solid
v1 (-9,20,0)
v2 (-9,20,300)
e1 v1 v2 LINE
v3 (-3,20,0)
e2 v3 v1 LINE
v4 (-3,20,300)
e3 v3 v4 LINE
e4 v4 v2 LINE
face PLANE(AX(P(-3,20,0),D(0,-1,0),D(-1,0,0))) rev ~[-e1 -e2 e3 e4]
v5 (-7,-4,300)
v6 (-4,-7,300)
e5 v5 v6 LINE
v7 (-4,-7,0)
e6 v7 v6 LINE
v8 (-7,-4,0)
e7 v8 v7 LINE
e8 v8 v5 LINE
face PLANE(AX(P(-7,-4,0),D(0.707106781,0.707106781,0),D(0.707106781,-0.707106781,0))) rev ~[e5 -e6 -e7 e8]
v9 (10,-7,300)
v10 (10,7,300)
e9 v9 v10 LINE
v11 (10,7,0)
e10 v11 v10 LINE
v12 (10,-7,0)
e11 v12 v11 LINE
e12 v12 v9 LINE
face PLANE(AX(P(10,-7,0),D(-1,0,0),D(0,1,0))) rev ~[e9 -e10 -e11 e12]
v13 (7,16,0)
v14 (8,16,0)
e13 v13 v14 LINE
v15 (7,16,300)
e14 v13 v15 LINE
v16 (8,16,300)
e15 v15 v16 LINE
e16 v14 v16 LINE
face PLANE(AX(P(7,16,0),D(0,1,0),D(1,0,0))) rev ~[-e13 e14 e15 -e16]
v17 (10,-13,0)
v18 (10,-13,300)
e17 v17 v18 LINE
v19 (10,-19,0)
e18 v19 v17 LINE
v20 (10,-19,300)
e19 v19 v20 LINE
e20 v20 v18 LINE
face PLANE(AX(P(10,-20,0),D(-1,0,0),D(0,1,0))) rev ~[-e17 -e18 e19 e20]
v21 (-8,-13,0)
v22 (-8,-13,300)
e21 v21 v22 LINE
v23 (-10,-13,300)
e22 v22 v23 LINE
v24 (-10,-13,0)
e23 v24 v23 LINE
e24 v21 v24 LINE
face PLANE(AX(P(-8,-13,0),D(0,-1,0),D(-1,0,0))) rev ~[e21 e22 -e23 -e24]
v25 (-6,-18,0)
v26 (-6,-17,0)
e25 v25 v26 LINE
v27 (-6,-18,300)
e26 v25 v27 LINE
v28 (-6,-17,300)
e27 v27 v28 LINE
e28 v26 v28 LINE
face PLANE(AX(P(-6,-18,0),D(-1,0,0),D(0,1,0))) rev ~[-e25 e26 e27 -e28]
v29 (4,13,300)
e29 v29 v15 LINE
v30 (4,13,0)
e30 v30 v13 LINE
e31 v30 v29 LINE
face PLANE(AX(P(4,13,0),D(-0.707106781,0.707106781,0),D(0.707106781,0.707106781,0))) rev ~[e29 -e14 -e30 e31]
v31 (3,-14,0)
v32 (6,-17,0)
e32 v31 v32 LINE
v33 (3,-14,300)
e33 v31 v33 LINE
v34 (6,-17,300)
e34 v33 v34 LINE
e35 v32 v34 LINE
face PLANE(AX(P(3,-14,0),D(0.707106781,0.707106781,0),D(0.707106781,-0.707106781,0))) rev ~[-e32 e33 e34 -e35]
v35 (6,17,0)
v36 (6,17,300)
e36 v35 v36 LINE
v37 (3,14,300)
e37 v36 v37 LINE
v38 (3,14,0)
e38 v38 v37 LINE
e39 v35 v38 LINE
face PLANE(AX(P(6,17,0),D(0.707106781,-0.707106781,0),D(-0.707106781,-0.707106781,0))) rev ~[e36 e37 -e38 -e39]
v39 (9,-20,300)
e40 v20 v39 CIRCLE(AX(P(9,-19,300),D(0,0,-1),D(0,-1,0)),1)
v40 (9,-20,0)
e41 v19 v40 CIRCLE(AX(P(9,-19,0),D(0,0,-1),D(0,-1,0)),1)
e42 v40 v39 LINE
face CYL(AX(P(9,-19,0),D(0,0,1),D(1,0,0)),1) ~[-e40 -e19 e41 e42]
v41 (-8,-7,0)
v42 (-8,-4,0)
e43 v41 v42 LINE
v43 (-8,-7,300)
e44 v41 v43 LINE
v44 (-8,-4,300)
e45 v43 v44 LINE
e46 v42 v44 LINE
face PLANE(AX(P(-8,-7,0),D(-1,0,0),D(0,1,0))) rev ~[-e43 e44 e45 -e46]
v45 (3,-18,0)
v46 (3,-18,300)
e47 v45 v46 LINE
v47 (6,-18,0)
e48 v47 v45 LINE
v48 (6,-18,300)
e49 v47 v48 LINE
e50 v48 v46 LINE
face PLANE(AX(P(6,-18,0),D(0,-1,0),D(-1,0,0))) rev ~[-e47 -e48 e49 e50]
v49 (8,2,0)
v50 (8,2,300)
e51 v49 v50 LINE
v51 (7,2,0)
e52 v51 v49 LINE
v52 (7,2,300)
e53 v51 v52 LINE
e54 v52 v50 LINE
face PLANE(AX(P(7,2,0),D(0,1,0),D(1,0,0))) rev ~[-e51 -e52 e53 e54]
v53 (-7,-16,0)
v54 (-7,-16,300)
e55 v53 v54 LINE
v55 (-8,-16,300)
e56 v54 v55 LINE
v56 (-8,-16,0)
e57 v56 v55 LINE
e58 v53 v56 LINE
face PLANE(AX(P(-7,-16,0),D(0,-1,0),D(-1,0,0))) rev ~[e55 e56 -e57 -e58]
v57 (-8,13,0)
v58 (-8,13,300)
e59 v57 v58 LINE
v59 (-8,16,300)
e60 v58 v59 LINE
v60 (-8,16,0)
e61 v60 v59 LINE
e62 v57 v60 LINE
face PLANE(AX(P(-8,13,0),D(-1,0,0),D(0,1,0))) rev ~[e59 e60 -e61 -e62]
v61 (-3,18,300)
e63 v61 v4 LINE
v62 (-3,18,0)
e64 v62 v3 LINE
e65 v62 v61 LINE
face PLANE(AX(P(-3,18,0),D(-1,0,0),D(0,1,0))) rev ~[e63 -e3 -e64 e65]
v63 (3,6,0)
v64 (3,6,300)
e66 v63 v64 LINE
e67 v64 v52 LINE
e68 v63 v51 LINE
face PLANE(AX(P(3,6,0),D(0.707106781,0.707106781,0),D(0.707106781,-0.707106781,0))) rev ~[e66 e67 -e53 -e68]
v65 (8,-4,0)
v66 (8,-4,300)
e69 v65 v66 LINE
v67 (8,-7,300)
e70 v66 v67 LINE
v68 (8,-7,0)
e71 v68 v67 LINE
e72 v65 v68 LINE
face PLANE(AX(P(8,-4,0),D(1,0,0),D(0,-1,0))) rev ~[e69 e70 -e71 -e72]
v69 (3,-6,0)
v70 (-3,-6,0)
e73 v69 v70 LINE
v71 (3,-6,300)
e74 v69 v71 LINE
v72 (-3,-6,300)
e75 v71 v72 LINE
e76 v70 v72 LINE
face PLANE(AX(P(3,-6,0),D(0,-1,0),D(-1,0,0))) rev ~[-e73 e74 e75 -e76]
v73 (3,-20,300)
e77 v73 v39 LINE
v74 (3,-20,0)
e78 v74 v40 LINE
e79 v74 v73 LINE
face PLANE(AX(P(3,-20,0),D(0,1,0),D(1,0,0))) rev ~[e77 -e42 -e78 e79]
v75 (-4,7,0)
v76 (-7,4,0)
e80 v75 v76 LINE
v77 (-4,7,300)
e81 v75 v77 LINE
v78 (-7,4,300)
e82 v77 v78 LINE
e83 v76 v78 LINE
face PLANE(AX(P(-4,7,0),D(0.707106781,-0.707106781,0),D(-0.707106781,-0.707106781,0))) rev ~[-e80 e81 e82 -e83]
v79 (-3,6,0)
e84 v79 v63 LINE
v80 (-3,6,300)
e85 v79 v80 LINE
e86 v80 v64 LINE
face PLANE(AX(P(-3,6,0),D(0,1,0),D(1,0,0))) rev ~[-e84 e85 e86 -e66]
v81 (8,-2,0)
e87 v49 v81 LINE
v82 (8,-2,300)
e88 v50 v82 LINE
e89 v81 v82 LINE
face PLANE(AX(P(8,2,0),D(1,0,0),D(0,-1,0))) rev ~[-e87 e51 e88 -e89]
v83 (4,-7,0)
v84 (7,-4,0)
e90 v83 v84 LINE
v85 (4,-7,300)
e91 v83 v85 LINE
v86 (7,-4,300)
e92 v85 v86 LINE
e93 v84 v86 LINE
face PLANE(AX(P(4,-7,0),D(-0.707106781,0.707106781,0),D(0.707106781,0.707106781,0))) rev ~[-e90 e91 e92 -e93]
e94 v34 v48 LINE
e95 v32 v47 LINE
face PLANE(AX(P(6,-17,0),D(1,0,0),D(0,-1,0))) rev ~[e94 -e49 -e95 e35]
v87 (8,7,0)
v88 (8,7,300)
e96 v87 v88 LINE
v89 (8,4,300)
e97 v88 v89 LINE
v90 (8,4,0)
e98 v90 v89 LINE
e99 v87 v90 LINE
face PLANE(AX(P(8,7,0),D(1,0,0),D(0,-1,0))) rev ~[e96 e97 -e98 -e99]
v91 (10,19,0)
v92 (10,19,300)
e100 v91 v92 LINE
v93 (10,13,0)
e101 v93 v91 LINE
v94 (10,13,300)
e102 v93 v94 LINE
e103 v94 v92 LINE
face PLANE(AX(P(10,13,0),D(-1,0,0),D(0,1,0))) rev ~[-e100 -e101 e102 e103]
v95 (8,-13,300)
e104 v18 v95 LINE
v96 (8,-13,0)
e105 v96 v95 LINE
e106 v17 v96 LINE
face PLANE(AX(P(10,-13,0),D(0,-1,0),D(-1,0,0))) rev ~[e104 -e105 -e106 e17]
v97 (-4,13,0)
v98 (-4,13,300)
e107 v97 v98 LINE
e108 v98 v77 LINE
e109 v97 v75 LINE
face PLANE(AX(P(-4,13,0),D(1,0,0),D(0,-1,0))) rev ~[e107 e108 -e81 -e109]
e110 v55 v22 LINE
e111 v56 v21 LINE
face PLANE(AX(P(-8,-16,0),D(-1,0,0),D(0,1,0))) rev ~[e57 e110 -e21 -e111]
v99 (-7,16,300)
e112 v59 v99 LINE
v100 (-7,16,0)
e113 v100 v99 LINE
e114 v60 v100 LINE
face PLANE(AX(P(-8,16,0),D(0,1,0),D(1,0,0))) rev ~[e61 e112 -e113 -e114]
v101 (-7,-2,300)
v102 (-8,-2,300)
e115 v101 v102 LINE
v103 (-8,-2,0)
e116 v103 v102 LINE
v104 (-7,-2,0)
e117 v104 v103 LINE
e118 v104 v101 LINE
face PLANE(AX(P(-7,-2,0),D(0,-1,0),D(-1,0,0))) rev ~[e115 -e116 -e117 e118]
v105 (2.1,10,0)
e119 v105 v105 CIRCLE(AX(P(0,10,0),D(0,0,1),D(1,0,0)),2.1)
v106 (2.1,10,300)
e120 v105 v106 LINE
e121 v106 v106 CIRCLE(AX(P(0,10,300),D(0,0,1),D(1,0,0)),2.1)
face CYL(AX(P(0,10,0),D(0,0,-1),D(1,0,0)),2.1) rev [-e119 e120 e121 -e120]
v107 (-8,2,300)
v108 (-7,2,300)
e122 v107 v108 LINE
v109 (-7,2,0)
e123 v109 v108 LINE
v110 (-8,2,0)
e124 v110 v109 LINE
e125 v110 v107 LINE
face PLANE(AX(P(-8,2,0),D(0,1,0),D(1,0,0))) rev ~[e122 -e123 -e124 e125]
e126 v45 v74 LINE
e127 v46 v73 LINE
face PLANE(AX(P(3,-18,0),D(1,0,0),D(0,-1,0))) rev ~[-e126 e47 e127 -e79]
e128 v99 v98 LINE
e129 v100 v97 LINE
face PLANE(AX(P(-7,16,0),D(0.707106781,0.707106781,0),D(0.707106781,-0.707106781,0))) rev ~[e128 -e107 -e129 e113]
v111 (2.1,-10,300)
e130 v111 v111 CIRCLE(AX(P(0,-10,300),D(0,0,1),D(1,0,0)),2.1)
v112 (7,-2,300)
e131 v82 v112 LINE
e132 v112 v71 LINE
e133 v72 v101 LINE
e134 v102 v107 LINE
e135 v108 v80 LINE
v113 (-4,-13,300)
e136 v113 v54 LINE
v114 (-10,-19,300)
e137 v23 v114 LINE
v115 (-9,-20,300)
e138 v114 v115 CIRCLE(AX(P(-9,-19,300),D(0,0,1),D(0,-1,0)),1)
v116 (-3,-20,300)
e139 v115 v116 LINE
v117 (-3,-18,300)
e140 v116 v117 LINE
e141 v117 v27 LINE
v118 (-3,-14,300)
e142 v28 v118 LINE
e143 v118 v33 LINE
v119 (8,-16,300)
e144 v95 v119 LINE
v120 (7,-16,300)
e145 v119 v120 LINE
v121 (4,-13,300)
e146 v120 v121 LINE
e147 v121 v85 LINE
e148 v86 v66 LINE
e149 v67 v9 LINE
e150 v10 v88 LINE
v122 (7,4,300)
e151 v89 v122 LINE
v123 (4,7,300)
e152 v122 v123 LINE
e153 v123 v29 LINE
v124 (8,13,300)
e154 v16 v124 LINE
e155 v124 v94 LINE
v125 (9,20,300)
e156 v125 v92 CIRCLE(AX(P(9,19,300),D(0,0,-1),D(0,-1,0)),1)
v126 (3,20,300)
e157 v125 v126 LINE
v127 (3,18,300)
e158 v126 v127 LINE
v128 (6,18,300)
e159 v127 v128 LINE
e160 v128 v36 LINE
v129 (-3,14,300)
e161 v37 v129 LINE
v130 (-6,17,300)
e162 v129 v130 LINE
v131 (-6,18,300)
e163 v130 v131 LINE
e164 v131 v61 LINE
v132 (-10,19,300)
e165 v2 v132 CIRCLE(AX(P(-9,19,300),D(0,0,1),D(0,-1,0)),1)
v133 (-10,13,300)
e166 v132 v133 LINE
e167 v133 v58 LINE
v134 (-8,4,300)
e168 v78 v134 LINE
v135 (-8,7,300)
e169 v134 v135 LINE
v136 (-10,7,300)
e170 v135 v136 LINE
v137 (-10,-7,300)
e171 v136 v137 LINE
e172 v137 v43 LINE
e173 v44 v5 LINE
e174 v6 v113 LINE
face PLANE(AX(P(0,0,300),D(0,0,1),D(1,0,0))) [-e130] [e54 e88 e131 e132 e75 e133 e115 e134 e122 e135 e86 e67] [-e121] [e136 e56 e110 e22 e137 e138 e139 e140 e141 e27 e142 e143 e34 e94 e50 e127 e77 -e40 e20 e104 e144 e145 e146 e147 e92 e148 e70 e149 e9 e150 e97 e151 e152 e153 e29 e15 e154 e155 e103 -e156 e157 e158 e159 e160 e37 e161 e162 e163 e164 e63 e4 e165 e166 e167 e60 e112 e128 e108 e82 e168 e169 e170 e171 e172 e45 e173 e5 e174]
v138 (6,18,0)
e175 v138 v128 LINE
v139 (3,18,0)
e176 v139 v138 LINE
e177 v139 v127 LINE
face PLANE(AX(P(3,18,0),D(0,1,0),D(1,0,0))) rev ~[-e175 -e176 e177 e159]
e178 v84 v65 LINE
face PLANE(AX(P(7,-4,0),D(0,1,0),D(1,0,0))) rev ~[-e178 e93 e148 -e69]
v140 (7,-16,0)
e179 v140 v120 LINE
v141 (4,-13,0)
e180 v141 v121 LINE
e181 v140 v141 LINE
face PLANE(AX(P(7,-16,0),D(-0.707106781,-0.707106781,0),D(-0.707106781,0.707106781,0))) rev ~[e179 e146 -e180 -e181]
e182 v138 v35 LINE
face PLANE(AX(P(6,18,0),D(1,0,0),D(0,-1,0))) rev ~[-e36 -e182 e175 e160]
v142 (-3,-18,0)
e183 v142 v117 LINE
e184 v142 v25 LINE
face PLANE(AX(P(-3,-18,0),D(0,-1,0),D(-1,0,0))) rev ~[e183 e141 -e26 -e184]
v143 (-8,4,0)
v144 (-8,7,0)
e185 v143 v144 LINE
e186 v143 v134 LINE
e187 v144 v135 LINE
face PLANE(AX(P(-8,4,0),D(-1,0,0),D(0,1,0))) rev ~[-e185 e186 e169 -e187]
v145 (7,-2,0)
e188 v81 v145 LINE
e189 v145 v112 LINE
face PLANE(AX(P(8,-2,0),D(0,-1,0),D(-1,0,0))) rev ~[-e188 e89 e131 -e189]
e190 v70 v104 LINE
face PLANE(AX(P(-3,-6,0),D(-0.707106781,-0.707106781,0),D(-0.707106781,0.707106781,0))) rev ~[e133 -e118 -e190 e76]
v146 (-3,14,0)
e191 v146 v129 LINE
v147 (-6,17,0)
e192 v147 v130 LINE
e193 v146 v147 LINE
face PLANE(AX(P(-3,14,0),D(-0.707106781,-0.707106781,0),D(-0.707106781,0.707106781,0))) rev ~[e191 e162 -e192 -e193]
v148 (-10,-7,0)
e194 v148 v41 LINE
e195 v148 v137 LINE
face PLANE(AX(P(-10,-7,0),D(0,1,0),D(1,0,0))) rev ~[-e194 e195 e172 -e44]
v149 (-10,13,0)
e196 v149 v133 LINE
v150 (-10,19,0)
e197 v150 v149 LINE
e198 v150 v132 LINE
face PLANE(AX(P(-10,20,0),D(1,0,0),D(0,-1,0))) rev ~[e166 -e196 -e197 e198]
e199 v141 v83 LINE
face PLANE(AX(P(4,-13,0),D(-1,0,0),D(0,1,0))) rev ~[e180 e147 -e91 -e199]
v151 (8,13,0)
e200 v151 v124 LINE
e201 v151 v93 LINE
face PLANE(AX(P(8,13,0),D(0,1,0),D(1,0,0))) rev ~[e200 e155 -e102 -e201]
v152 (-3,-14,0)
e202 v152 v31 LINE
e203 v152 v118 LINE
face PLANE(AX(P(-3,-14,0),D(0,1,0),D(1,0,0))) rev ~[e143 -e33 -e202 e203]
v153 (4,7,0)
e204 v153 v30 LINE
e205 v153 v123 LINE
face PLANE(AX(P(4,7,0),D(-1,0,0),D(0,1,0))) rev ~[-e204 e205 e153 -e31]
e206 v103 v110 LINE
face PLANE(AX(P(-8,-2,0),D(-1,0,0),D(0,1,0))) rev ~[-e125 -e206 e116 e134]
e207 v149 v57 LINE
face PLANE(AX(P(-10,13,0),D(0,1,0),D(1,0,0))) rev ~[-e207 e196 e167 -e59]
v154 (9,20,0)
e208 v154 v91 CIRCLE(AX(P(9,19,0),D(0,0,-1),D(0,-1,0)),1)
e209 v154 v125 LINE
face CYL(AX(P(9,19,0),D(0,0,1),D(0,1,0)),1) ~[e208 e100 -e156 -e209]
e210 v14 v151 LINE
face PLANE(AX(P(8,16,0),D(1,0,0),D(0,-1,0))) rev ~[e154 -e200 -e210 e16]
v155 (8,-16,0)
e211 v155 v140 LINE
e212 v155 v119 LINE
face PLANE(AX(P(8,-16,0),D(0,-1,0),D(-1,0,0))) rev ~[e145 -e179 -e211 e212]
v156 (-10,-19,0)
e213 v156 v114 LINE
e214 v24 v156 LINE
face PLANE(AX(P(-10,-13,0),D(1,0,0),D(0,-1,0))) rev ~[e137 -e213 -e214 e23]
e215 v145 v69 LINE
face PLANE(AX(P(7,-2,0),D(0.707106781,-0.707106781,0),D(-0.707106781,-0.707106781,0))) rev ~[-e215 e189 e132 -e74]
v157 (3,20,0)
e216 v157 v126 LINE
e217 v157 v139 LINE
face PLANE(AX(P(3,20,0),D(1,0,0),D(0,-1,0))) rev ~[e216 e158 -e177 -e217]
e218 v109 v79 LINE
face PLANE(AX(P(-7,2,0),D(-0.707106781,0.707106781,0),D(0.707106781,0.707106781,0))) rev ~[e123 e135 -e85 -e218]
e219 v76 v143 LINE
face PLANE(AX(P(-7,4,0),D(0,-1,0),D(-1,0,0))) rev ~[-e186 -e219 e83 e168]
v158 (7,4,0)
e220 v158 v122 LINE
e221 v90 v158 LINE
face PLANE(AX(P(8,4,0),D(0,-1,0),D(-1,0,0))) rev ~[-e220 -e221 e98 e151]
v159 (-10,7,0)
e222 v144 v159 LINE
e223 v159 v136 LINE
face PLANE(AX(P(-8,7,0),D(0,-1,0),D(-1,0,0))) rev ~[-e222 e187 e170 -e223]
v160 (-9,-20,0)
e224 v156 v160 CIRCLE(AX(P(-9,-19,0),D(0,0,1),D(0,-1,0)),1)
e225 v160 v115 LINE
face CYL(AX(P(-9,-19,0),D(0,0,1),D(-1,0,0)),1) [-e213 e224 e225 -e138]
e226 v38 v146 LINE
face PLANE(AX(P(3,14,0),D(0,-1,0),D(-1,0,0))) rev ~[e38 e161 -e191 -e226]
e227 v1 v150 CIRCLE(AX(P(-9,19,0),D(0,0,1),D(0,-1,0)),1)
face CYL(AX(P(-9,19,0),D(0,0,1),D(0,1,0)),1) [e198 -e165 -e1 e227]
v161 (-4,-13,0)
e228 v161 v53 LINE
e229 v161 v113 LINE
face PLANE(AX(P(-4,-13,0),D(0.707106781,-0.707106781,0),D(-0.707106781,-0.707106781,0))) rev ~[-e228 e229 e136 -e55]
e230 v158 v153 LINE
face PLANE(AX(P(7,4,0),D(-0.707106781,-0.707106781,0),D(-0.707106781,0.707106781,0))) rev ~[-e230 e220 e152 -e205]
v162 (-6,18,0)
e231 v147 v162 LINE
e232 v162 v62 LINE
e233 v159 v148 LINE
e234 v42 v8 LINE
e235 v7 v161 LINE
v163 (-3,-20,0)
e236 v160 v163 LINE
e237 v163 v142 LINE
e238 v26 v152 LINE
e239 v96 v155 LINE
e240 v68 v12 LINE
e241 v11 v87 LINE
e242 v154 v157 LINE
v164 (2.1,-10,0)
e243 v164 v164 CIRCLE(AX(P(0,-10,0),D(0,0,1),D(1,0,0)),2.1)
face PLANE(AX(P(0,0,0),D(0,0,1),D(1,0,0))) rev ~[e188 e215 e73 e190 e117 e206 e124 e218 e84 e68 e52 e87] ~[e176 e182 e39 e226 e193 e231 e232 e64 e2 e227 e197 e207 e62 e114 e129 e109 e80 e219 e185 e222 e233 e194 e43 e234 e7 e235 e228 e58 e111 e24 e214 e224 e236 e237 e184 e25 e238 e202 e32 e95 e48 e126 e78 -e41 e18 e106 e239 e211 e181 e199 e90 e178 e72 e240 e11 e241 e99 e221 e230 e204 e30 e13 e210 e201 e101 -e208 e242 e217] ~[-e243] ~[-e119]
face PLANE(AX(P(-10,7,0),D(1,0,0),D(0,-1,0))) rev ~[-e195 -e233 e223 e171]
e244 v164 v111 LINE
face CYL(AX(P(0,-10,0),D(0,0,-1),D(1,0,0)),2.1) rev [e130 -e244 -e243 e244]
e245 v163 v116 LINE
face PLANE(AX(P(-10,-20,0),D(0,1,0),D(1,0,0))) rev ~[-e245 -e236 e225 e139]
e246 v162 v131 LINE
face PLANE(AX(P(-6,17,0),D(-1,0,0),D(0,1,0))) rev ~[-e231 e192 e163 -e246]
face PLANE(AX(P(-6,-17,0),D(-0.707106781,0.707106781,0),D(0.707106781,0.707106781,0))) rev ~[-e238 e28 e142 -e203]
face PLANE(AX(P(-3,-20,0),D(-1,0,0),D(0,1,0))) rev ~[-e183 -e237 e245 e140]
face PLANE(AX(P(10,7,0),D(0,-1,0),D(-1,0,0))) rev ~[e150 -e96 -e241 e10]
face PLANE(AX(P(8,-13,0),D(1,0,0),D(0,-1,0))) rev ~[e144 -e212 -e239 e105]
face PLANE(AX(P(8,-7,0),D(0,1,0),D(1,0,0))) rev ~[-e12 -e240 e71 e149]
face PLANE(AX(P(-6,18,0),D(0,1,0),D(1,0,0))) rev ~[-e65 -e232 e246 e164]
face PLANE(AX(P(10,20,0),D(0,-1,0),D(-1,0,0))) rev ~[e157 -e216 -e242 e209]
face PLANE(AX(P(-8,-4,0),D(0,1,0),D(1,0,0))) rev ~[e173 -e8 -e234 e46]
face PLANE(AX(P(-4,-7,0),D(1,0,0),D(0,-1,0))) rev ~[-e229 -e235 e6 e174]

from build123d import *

# Parameters (mm, degrees)
SCHIZZO1_R                   = 2.1
ESTRUSIONE_ESTRUSIONE1_DEPTH = 300
RACCORDO1_R                  = 1


with BuildPart() as part:
    # Schizzo1 → Estrusione-Estrusione1 (new body)
    with BuildSketch(Plane.XY):
        Polygon((-3, 20), (-10, 20), (-10, 13), (-8, 13), (-8, 16), (-7, 16), (-4, 13), (-4, 7), (-7, 4), (-8, 4), (-8, 7), (-10, 7), (-10, -7), (-8, -7), (-8, -4), (-7, -4), (-4, -7), (-4, -13), (-7, -16), (-8, -16), (-8, -13), (-10, -13), (-10, -20), (-3, -20), (-3, -18), (-6, -18), (-6, -17), (-3, -14), (3, -14), (6, -17), (6, -18), (3, -18), (3, -20), (10, -20), (10, -13), (8, -13), (8, -16), (7, -16), (4, -13), (4, -7), (7, -4), (8, -4), (8, -7), (10, -7), (10, 7), (8, 7), (8, 4), (7, 4), (4, 7), (4, 13), (7, 16), (8, 16), (8, 13), (10, 13), (10, 20), (3, 20), (3, 18), (6, 18), (6, 17), (3, 14), (-3, 14), (-6, 17), (-6, 18), (-3, 18), align=None)
        Polygon((8, 2), (8, -2), (7, -2), (3, -6), (-3, -6), (-7, -2), (-8, -2), (-8, 2), (-7, 2), (-3, 6), (3, 6), (7, 2), align=None, mode=Mode.SUBTRACT)
        with Locations((0, 10)):
            Circle(SCHIZZO1_R, mode=Mode.SUBTRACT)
        with Locations((0, -10)):
            Circle(SCHIZZO1_R, mode=Mode.SUBTRACT)
    extrude(amount=ESTRUSIONE_ESTRUSIONE1_DEPTH)

    # Raccordo1
    raccordo1_edges = [part.edges().sort_by_distance(p)[0] for p in [
        (-10, 20, 150),
        (10, 20, 150),
        (10, -20, 150),
        (-10, -20, 150),
    ]]
    fillet(raccordo1_edges, radius=RACCORDO1_R)


solid = part.part
